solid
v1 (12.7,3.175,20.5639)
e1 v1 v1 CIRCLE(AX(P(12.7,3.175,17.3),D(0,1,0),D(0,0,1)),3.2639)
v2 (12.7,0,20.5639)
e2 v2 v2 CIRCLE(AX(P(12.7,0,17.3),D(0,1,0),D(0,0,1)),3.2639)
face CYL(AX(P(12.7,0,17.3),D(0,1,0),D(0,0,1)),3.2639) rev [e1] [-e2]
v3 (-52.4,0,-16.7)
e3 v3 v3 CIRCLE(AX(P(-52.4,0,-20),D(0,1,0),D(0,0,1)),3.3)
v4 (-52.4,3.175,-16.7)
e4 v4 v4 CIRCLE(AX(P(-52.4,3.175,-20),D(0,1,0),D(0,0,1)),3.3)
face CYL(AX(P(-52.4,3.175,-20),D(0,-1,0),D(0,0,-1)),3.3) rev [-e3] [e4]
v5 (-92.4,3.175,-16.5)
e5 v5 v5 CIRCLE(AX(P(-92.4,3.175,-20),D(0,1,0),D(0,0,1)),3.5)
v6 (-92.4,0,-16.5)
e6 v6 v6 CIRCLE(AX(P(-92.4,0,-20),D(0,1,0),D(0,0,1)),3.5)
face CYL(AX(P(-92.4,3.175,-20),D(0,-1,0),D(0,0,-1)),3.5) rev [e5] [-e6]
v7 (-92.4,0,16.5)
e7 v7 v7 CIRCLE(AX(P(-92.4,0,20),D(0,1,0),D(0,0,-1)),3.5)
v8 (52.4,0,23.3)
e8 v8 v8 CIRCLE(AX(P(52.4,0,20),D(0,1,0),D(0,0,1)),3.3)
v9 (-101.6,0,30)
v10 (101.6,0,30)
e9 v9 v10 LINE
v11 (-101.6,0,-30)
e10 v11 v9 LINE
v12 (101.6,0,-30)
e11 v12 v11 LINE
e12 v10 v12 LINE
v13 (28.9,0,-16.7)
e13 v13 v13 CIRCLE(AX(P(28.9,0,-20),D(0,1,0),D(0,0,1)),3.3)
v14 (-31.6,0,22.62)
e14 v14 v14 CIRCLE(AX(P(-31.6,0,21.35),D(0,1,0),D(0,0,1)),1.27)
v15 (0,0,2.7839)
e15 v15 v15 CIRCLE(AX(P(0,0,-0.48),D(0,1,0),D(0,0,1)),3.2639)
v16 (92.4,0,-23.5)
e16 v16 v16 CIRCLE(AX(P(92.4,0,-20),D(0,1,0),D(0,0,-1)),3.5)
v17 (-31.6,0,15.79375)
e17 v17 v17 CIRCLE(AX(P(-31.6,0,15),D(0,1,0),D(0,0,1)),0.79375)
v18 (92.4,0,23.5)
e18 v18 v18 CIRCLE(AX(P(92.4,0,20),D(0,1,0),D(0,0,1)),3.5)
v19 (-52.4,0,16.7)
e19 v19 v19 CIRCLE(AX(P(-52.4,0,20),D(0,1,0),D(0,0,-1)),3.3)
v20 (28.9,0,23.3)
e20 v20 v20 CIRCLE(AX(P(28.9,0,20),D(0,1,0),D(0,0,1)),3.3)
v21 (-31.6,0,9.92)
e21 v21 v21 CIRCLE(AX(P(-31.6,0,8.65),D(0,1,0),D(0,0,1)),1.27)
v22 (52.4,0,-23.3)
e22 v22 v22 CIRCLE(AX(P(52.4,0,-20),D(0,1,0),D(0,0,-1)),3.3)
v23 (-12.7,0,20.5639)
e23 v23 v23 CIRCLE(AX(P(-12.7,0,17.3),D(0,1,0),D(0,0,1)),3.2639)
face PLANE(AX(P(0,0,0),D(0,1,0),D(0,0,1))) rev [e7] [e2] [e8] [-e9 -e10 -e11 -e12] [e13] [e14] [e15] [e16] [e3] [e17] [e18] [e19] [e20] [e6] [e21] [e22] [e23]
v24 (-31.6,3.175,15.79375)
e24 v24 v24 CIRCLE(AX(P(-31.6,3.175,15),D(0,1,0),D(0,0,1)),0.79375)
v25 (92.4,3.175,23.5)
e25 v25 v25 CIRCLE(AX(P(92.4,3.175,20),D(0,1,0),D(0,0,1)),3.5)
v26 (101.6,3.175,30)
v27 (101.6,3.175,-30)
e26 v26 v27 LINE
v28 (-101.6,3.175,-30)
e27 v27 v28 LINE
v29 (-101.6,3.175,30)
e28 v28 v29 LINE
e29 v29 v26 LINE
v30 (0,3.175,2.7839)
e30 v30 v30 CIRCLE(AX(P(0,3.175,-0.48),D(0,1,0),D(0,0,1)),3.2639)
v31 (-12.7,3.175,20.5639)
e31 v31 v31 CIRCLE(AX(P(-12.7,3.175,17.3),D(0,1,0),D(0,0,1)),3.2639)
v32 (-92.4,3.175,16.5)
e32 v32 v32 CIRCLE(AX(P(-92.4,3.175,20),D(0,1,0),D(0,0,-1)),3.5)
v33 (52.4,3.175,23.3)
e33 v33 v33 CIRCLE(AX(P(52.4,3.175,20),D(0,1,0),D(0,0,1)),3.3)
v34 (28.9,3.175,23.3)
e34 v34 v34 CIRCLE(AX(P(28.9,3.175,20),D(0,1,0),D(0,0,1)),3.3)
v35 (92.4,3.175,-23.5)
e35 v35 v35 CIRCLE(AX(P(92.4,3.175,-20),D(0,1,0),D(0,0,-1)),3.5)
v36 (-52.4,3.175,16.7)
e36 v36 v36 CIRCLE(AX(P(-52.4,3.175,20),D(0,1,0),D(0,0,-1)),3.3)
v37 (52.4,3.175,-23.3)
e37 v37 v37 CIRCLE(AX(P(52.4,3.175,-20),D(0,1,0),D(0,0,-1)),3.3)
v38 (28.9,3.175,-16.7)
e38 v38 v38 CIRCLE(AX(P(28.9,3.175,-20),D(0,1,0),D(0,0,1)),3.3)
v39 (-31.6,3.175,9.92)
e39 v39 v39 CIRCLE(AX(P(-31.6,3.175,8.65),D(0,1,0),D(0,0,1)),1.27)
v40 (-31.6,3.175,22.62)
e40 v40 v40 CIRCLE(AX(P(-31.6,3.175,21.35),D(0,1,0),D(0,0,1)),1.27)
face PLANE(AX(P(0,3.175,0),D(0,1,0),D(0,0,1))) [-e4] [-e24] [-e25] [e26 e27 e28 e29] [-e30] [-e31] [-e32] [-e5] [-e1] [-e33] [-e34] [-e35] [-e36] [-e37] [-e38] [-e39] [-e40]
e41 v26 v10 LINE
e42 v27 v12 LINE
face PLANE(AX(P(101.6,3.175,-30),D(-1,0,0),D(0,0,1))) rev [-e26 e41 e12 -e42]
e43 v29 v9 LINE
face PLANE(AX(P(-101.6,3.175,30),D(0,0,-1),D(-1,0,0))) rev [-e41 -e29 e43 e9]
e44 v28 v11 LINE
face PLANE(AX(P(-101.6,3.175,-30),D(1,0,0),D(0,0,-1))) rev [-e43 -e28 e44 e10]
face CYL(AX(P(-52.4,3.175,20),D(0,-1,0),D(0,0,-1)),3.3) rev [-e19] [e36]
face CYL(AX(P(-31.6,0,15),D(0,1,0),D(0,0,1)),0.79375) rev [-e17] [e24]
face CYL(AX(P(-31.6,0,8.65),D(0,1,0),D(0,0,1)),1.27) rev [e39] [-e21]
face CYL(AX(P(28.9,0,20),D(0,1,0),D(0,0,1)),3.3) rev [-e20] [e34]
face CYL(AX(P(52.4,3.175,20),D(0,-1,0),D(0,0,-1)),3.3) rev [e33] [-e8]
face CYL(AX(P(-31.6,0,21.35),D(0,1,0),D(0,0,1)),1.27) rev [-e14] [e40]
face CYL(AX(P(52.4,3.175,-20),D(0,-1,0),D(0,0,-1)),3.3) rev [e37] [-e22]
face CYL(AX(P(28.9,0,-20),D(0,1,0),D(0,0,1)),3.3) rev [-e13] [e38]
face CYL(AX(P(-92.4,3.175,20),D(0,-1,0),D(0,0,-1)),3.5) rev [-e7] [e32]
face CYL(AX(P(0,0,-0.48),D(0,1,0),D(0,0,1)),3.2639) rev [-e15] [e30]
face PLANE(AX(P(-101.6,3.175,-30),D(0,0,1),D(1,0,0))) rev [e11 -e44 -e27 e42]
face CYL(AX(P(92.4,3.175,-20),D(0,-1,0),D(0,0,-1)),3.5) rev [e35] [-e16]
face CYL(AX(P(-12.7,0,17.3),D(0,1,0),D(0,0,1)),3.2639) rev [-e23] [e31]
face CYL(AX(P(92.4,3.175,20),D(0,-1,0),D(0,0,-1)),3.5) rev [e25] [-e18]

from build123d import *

# Parameters (mm, degrees)
SKETCH1_W                      = 203.2
SKETCH1_H                      = 60
SKETCH1_R                      = 3.3
SKETCH1_R_2                    = 3.5
BOSS_EXTRUDE1_DEPTH            = 3.175
SKETCH2_R                      = 3.2639
F_1_4_20_FOR_NUT_BRACKET_DEPTH = 106.984152707
SKETCH3_R                      = 0.79375
SKETCH3_R_2                    = 1.27
WIRE_HOLDER_DEPTH              = 106.984152707
SKETCH4_R                      = 3.3
CUT_EXTRUDE1_DEPTH             = 106.984152707


with BuildPart() as part:
    # Sketch1 → Boss-Extrude1 (new body)
    with BuildSketch(Plane(origin=(0, 0, 0), x_dir=(1, 0, 0), z_dir=(0, 1, 0))):
        Rectangle(SKETCH1_W, SKETCH1_H)
        with Locations(Location((-52.4, 20, 0), (0, 0, 270))):
            Circle(SKETCH1_R, mode=Mode.SUBTRACT)
        with Locations(Location((-92.4, -20, 0), (0, 0, 90))):
            Circle(SKETCH1_R_2, mode=Mode.SUBTRACT)
        with Locations(Location((-52.4, -20, 0), (0, 0, 90))):
            Circle(SKETCH1_R, mode=Mode.SUBTRACT)
        with Locations(Location((92.4, 20, 0), (0, 0, 90))):
            Circle(SKETCH1_R_2, mode=Mode.SUBTRACT)
        with Locations(Location((-92.4, 20, 0), (0, 0, 270))):
            Circle(SKETCH1_R_2, mode=Mode.SUBTRACT)
        with Locations(Location((52.4, -20, 0), (0, 0, 270))):
            Circle(SKETCH1_R, mode=Mode.SUBTRACT)
        with Locations(Location((92.4, -20, 0), (0, 0, 270))):
            Circle(SKETCH1_R_2, mode=Mode.SUBTRACT)
        with Locations(Location((52.4, 20, 0), (0, 0, 90))):
            Circle(SKETCH1_R, mode=Mode.SUBTRACT)
    extrude(amount=BOSS_EXTRUDE1_DEPTH)

    # Sketch2 → 1/4-20 for Nut Bracket (cut, through all)
    with BuildSketch(Plane(origin=(0, 3.175, 0), x_dir=(1, 0, 0), z_dir=(0, 1, 0))):
        with Locations(Location((-12.7, -17.3, 0), (0, 0, 270))):
            Circle(SKETCH2_R)
        with Locations(Location((12.7, -17.3, 0), (0, 0, 270))):
            Circle(SKETCH2_R)
        with Locations(Location((0, 0.48, 0), (0, 0, 270))):
            Circle(SKETCH2_R)
    extrude(amount=-F_1_4_20_FOR_NUT_BRACKET_DEPTH, mode=Mode.SUBTRACT)

    # Sketch3 → Wire Holder (cut, through all)
    with BuildSketch(Plane(origin=(0, 3.175, 0), x_dir=(1, 0, 0), z_dir=(0, 1, 0))):
        with Locations(Location((-31.6, -15, 0), (0, 0, 270))):
            Circle(SKETCH3_R)
        with Locations(Location((-31.6, -8.65, 0), (0, 0, 270))):
            Circle(SKETCH3_R_2)
        with Locations(Location((-31.6, -21.35, 0), (0, 0, 270))):
            Circle(SKETCH3_R_2)
    extrude(amount=-WIRE_HOLDER_DEPTH, mode=Mode.SUBTRACT)

    # Sketch4 → Cut-Extrude1 (cut, through all)
    with BuildSketch(Plane(origin=(0, 3.175, 0), x_dir=(1, 0, 0), z_dir=(0, 1, 0))):
        with Locations(Location((28.9, -20, 0), (0, 0, 270))):
            Circle(SKETCH4_R)
        with Locations(Location((28.9, 20, 0), (0, 0, 270))):
            Circle(SKETCH4_R)
    extrude(amount=-CUT_EXTRUDE1_DEPTH, mode=Mode.SUBTRACT)


solid = part.part
